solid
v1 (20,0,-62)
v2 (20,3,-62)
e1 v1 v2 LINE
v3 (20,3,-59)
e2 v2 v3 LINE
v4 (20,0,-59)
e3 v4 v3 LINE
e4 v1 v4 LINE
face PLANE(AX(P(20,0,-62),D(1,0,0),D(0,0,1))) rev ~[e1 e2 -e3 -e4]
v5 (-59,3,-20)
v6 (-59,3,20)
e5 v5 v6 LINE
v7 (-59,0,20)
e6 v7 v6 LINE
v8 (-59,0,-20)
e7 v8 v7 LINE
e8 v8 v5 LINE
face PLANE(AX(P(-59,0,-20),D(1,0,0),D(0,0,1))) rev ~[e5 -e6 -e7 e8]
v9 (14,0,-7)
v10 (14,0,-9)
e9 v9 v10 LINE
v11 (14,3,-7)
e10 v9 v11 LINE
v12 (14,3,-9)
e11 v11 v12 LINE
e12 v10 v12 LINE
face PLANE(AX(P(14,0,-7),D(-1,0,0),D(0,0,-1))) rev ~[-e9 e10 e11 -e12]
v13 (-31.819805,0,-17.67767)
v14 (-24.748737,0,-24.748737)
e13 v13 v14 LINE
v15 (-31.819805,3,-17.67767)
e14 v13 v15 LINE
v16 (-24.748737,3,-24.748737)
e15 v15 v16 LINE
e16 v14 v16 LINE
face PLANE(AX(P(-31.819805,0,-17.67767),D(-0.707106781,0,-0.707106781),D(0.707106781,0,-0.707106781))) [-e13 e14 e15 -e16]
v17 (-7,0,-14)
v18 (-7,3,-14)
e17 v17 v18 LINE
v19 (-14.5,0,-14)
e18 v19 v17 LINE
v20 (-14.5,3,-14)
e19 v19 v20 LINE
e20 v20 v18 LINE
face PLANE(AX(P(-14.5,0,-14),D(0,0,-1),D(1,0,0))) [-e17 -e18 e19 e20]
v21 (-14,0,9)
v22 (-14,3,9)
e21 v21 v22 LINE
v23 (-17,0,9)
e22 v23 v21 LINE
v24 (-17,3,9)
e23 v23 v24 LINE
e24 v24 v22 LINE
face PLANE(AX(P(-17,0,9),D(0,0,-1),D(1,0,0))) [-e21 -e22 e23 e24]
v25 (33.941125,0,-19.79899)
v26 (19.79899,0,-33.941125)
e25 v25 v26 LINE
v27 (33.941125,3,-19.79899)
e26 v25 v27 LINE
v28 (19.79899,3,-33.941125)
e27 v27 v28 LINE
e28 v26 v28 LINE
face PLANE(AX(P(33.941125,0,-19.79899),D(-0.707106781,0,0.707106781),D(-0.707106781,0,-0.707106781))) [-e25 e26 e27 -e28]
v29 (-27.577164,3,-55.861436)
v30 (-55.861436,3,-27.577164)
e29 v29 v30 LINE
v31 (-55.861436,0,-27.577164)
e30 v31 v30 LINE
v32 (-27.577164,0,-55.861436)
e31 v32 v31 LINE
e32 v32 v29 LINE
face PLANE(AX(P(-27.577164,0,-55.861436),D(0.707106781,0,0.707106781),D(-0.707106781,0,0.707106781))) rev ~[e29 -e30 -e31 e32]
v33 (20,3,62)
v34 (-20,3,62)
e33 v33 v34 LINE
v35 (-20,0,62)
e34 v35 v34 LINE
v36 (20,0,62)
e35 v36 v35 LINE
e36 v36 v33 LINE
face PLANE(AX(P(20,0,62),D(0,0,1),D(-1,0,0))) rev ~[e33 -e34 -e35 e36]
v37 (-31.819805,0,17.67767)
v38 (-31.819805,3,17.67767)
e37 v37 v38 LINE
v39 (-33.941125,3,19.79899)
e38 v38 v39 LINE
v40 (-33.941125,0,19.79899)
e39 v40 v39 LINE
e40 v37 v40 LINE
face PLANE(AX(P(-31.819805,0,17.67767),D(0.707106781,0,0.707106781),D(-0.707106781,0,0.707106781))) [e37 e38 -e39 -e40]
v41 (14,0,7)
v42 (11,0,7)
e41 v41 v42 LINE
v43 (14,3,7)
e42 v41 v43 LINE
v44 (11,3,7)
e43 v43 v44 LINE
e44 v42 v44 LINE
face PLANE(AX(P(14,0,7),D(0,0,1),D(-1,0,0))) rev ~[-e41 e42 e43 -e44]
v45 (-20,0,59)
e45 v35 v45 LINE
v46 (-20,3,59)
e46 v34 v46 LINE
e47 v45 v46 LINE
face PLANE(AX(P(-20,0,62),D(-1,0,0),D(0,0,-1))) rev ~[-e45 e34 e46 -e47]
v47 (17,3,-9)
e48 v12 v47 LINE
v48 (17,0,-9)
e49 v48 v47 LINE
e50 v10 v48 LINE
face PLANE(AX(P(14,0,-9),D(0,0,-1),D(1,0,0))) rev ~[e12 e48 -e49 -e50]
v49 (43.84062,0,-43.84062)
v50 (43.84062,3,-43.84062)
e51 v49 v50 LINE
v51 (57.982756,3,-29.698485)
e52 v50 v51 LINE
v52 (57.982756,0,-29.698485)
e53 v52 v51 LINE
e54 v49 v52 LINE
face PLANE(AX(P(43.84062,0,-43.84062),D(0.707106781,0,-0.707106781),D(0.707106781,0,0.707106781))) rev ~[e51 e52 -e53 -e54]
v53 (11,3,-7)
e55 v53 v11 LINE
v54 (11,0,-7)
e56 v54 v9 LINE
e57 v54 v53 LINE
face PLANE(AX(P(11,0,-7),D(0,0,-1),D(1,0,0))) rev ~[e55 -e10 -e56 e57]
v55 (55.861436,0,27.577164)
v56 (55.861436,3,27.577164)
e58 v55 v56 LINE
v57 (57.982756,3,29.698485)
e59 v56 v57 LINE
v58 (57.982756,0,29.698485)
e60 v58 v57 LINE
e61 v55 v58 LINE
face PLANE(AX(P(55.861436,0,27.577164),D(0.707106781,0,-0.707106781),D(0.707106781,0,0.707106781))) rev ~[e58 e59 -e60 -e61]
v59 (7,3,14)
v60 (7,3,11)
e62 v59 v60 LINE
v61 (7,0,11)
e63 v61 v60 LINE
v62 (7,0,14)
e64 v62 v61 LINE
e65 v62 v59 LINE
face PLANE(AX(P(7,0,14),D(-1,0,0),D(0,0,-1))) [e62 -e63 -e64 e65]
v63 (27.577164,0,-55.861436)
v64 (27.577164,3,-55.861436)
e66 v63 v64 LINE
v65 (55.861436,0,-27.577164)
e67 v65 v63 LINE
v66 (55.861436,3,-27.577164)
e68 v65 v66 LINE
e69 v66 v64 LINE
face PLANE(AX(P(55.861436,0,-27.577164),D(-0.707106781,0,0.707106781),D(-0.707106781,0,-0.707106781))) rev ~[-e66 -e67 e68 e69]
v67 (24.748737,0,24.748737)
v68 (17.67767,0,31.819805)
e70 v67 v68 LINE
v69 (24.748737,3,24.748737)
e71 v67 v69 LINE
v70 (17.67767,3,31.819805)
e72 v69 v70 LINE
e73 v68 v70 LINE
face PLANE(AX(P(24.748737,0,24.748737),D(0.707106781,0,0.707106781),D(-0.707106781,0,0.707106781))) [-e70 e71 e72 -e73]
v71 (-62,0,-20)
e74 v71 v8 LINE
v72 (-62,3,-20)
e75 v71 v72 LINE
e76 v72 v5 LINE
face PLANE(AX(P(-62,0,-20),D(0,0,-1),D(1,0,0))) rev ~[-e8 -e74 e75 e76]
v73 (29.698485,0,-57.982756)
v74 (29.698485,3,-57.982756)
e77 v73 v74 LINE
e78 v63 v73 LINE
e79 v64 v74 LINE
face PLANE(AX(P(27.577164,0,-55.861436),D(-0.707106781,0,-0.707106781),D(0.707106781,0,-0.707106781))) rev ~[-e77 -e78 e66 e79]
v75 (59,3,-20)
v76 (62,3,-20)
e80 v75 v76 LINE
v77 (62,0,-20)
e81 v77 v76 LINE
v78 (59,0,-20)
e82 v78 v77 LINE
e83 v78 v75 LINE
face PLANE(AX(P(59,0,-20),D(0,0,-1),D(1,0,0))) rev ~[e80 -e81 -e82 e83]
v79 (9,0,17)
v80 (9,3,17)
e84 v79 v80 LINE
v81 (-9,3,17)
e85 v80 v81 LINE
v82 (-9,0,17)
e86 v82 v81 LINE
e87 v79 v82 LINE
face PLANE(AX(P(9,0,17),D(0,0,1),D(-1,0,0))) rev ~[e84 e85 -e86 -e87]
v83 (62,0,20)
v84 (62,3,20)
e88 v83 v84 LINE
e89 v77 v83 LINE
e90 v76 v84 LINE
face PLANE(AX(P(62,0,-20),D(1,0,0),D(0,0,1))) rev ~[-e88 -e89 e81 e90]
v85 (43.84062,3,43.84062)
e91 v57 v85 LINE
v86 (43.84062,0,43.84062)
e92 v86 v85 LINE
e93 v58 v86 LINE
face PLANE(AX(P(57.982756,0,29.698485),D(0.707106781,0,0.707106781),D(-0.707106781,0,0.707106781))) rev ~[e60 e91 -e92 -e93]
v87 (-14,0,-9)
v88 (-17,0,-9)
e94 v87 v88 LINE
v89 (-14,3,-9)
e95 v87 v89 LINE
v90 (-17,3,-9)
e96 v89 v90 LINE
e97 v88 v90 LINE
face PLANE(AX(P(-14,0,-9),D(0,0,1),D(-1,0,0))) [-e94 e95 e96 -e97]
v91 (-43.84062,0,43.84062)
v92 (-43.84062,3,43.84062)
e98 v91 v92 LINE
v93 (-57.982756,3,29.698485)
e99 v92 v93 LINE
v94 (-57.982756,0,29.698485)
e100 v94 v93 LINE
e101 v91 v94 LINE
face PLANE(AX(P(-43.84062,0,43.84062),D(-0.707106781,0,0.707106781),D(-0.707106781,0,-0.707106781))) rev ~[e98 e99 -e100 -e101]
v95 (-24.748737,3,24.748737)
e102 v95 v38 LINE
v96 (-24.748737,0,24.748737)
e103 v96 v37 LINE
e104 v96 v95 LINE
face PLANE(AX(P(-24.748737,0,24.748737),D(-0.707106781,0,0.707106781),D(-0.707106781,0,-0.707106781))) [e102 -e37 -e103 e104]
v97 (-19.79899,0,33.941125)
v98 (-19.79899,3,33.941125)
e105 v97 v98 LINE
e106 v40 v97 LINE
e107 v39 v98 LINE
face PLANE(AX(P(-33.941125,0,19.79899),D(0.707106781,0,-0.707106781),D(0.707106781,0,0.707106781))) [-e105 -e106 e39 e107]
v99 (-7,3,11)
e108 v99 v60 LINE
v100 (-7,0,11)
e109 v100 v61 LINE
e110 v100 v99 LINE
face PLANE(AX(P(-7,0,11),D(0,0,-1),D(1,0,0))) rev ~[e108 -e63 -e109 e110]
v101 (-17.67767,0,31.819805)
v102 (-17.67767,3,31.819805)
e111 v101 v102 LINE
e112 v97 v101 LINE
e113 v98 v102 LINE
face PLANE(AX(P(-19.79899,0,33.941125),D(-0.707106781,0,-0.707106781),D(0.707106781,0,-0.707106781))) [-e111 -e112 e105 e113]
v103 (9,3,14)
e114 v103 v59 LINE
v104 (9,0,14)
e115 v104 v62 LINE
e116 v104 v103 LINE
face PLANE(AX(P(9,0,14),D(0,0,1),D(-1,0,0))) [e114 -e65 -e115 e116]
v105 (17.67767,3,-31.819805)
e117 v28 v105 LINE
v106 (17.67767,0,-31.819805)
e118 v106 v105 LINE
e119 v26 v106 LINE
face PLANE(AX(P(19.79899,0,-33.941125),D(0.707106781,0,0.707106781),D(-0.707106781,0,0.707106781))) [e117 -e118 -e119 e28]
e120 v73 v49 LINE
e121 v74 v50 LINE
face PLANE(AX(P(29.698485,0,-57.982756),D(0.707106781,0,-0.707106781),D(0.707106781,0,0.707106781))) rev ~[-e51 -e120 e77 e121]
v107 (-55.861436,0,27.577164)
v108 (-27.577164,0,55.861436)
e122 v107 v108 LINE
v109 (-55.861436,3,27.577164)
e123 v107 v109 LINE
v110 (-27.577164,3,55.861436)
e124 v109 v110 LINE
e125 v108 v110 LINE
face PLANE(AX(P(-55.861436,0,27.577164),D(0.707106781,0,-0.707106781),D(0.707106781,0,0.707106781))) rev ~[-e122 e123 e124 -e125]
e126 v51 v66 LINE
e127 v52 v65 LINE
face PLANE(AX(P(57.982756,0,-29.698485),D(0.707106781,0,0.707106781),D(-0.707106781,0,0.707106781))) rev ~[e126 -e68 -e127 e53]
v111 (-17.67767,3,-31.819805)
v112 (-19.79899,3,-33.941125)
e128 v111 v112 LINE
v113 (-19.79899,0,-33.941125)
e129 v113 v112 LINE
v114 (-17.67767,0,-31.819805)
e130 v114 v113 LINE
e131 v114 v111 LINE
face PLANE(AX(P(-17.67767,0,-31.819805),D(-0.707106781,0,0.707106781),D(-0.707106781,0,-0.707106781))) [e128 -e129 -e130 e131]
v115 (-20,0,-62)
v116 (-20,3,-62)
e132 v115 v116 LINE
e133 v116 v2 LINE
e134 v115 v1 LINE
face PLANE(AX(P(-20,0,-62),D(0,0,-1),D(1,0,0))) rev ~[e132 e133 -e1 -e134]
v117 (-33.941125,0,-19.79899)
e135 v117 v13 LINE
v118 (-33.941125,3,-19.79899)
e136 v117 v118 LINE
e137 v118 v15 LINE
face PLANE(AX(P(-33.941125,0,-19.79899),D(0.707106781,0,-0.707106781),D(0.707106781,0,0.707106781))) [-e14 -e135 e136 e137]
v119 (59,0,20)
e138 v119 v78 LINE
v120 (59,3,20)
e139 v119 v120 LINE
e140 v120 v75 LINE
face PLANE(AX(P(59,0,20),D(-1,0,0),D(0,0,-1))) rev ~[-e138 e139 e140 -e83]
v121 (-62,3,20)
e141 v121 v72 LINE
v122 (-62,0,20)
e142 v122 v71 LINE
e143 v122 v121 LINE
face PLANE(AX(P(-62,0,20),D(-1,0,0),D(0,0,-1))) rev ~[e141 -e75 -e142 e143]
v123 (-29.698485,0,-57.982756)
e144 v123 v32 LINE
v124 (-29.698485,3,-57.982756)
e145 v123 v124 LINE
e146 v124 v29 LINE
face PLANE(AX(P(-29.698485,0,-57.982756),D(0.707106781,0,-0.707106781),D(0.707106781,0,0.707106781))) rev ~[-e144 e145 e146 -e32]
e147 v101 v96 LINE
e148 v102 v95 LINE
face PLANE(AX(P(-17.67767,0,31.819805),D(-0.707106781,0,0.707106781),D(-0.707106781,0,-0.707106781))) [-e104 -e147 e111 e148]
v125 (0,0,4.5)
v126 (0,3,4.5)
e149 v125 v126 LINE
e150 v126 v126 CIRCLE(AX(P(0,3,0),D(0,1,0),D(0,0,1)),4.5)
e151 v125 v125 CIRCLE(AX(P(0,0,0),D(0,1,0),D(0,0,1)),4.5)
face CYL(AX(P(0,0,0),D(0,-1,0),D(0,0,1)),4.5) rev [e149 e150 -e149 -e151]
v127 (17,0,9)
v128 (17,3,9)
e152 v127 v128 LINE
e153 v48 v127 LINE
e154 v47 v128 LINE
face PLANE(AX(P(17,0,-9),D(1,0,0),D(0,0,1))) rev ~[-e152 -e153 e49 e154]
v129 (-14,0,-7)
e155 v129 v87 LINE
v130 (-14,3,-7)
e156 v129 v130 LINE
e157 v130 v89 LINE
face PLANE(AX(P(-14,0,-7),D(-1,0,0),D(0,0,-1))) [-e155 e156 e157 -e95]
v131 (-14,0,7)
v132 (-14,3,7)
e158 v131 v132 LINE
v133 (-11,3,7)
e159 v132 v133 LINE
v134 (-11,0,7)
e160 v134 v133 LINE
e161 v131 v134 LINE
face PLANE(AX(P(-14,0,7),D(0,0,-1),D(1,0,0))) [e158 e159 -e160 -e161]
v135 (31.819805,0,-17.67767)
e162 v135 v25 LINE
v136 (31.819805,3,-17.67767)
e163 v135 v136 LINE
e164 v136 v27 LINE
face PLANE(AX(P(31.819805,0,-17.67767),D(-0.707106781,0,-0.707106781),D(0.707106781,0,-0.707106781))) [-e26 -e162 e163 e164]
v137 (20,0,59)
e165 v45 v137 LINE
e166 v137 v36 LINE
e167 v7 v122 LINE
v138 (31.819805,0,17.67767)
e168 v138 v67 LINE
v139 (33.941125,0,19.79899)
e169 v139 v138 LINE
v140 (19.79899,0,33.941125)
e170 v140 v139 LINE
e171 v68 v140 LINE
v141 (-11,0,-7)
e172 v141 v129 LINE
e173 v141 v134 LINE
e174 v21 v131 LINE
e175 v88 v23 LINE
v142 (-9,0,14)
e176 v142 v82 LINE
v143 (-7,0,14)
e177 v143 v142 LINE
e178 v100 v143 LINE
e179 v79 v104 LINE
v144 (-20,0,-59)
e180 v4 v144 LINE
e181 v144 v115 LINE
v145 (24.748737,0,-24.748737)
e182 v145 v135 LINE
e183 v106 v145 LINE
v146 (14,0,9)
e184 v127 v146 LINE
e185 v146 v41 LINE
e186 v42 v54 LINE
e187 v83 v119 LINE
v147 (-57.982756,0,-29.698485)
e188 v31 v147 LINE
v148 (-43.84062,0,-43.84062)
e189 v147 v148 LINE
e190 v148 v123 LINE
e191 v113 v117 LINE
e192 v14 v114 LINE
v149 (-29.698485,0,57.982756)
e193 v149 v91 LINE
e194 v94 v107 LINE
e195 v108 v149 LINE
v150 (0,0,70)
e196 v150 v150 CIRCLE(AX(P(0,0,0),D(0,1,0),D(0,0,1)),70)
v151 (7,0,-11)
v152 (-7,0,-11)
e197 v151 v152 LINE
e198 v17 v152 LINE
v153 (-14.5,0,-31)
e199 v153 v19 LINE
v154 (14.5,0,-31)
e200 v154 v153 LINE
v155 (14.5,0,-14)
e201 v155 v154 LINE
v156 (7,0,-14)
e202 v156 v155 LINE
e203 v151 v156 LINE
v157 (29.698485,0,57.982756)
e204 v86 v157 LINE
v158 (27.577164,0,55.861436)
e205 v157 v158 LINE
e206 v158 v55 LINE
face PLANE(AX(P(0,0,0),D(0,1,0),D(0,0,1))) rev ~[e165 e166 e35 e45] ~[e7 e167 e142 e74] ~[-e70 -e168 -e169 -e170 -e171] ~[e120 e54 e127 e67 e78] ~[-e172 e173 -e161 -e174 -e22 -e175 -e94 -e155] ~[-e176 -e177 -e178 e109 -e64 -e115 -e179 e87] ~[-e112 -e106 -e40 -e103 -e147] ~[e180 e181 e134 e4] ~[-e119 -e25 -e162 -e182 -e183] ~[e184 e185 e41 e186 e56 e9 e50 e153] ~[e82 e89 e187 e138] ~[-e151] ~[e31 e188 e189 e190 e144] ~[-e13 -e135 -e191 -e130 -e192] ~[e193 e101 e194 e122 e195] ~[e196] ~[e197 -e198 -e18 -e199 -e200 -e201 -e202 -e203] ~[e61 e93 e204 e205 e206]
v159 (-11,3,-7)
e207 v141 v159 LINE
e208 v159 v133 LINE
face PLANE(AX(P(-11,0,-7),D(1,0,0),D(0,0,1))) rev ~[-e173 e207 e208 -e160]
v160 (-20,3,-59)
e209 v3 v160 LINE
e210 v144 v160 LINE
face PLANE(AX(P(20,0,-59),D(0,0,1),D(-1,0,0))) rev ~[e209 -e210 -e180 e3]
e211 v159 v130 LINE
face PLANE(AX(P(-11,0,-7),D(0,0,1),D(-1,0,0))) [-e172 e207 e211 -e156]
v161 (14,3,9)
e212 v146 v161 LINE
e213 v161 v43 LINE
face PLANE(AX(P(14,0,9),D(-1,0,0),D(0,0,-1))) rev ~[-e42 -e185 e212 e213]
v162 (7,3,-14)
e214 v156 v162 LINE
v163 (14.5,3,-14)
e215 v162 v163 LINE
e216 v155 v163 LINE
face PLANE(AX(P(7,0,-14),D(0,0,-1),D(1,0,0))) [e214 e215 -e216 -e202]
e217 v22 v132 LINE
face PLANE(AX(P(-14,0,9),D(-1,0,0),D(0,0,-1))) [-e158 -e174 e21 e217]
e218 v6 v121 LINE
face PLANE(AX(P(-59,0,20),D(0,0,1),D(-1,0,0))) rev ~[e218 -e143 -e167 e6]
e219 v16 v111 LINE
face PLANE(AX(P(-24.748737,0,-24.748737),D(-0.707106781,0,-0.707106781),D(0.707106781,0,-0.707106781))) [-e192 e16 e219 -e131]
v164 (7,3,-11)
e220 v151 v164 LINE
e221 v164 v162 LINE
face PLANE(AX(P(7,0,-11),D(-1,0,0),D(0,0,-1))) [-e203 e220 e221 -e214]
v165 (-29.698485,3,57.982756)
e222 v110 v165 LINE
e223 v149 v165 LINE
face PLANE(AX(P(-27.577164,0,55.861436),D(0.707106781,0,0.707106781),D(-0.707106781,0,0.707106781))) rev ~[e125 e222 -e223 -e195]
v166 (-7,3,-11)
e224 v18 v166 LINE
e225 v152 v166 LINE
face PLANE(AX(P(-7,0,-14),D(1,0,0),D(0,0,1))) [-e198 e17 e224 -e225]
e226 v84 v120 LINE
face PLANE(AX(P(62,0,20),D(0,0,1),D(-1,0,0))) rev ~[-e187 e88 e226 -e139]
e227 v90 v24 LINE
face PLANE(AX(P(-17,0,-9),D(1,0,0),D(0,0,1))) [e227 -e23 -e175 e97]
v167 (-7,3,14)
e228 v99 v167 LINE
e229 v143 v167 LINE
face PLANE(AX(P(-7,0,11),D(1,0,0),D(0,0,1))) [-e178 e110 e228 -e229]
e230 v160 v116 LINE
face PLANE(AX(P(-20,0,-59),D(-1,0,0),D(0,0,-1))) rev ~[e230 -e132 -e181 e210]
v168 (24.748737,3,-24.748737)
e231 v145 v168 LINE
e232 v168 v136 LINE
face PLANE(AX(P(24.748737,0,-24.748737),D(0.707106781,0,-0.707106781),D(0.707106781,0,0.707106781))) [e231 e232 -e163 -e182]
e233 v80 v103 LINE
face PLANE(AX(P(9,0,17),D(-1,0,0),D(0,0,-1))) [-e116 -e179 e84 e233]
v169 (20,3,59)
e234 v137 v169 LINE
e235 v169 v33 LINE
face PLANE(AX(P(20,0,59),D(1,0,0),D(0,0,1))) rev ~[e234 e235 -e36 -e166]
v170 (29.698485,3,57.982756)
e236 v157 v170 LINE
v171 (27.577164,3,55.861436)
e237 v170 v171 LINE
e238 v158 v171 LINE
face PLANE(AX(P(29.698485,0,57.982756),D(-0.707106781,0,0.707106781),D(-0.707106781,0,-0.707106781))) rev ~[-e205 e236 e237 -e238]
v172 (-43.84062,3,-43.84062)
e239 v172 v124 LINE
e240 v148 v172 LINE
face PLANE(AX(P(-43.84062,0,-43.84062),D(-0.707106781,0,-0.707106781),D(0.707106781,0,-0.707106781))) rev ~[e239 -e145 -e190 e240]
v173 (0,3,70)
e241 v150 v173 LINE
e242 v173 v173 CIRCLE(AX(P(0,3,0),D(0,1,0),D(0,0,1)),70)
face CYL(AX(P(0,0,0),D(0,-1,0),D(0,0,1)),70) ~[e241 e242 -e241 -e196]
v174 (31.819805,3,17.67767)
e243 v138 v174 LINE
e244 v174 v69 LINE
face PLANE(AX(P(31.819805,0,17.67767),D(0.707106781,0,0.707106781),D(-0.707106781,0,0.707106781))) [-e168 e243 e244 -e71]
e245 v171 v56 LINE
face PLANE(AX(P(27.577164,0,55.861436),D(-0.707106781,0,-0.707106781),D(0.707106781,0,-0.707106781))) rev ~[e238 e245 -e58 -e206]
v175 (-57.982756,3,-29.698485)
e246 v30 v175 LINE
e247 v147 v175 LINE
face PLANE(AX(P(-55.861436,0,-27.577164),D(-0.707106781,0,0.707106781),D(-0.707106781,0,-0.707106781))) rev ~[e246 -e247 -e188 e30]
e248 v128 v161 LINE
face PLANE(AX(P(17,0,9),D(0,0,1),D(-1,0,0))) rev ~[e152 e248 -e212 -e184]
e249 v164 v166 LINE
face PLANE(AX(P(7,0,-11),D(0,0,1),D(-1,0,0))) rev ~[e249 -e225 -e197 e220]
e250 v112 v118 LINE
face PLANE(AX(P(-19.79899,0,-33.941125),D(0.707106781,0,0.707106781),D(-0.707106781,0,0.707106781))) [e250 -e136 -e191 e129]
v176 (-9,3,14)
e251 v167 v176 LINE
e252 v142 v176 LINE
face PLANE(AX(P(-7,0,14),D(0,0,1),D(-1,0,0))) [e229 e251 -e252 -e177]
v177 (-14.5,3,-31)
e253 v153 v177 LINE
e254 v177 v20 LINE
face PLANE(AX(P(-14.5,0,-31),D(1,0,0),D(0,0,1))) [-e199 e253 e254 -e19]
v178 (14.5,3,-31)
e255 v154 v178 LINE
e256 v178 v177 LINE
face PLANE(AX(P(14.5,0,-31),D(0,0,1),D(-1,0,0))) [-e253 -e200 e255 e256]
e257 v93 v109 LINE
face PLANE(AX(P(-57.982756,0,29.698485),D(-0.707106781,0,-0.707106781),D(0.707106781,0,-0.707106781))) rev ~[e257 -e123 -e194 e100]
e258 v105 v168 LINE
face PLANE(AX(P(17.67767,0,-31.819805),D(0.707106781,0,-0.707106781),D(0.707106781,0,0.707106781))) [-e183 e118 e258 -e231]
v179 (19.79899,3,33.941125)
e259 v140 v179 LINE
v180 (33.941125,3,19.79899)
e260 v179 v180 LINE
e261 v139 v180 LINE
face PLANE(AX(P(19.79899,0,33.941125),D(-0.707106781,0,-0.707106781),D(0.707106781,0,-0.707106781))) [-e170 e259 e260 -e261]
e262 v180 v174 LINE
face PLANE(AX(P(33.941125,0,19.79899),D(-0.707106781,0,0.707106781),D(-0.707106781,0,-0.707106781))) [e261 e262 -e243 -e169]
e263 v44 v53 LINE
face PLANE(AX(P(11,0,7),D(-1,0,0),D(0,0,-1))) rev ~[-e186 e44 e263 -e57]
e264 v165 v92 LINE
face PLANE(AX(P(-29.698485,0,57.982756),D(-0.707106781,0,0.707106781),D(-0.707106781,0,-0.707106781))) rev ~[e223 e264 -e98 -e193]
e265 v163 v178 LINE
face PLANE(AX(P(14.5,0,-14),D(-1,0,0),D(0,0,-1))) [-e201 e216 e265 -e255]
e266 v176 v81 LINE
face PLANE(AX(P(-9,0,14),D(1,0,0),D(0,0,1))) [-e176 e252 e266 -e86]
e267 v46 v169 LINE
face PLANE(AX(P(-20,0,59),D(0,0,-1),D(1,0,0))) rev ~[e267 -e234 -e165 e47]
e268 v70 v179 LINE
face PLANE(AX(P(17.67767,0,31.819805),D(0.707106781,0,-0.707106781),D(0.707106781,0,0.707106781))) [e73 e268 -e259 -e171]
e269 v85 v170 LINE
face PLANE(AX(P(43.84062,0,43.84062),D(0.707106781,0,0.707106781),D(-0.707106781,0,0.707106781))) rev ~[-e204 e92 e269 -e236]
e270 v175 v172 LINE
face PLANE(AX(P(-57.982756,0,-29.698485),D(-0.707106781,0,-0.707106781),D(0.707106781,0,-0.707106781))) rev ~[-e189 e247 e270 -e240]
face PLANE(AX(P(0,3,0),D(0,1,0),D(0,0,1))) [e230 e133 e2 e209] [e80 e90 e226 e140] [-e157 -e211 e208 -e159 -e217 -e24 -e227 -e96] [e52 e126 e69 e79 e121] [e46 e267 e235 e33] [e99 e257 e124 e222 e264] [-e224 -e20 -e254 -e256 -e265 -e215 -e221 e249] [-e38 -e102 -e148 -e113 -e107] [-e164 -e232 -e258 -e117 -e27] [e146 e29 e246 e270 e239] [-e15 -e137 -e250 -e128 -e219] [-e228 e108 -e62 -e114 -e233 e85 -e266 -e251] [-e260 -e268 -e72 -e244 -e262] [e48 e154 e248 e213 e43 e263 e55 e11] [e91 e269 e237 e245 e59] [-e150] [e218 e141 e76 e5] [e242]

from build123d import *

# Parameters (mm, degrees)
CROQUIS1_R              = 70
CROQUIS1_R_2            = 4.5
SALIENTE_EXTRUIR1_DEPTH = 3


with BuildPart() as part:
    # Croquis1 → Saliente-Extruir1 (new body)
    with BuildSketch(Plane(origin=(0, 0, 0), x_dir=(1, 0, 0), z_dir=(0, 1, 0))):
        with Locations(Location((0, 0, 0), (0, 0, 270))):
            Circle(CROQUIS1_R)
        with Locations(Location((0, 0, 0), (0, 0, 270))):
            Circle(CROQUIS1_R_2, mode=Mode.SUBTRACT)
        Polygon((0, 11), (7, 11), (7, 14), (14.5, 14), (14.5, 31), (-14.5, 31), (-14.5, 14), (-7, 14), (-7, 11), align=None, mode=Mode.SUBTRACT)
        Polygon((24.748737342, 24.748737342), (31.819805153, 17.67766953), (33.941125497, 19.798989873), (19.798989873, 33.941125497), (17.67766953, 31.819805153), align=None, mode=Mode.SUBTRACT)
        Polygon((11, 0), (11, 7), (14, 7), (14, 9), (17, 9), (17, 0), (17, -9), (14, -9), (14, -7), (11, -7), align=None, mode=Mode.SUBTRACT)
        Polygon((-24.748737342, 24.748737342), (-17.67766953, 31.819805153), (-19.798989873, 33.941125497), (-33.941125497, 19.798989873), (-31.819805153, 17.67766953), align=None, mode=Mode.SUBTRACT)
        Polygon((-14, -7), (-11, -7), (-11, 0), (-11, 7), (-14, 7), (-14, 9), (-17, 9), (-17, -9), (-14, -9), align=None, mode=Mode.SUBTRACT)
        Polygon((-7, -14), (-9, -14), (-9, -17), (0, -17), (9, -17), (9, -14), (7, -14), (7, -11), (0, -11), (-7, -11), align=None, mode=Mode.SUBTRACT)
        Polygon((24.748737342, -24.748737342), (17.67766953, -31.819805153), (19.798989873, -33.941125497), (33.941125497, -19.798989873), (31.819805153, -17.67766953), align=None, mode=Mode.SUBTRACT)
        Polygon((-24.748737342, -24.748737342), (-31.819805153, -17.67766953), (-33.941125497, -19.798989873), (-19.798989873, -33.941125497), (-17.67766953, -31.819805153), align=None, mode=Mode.SUBTRACT)
        Polygon((0, 62), (20, 62), (20, 59), (-20, 59), (-20, 62), align=None, mode=Mode.SUBTRACT)
        Polygon((55.861435714, 27.577164466), (27.577164466, 55.861435714), (29.69848481, 57.982756057), (43.840620434, 43.840620434), (57.982756057, 29.69848481), align=None, mode=Mode.SUBTRACT)
        Polygon((59, -20), (59, 20), (62, 20), (62, 0), (62, -20), align=None, mode=Mode.SUBTRACT)
        Polygon((27.577164466, -55.861435714), (55.861435714, -27.577164466), (57.982756057, -29.69848481), (43.840620434, -43.840620434), (29.69848481, -57.982756057), align=None, mode=Mode.SUBTRACT)
        Polygon((-20, -59), (20, -59), (20, -62), (0, -62), (-20, -62), align=None, mode=Mode.SUBTRACT)
        Polygon((-55.861435714, -27.577164466), (-27.577164466, -55.861435714), (-29.69848481, -57.982756057), (-43.840620434, -43.840620434), (-57.982756057, -29.69848481), align=None, mode=Mode.SUBTRACT)
        Polygon((-59, 20), (-59, -20), (-62, -20), (-62, 0), (-62, 20), align=None, mode=Mode.SUBTRACT)
        Polygon((-27.577164466, 55.861435714), (-55.861435714, 27.577164466), (-57.982756057, 29.69848481), (-43.840620434, 43.840620434), (-29.69848481, 57.982756057), align=None, mode=Mode.SUBTRACT)
    extrude(amount=SALIENTE_EXTRUIR1_DEPTH)


solid = part.part
